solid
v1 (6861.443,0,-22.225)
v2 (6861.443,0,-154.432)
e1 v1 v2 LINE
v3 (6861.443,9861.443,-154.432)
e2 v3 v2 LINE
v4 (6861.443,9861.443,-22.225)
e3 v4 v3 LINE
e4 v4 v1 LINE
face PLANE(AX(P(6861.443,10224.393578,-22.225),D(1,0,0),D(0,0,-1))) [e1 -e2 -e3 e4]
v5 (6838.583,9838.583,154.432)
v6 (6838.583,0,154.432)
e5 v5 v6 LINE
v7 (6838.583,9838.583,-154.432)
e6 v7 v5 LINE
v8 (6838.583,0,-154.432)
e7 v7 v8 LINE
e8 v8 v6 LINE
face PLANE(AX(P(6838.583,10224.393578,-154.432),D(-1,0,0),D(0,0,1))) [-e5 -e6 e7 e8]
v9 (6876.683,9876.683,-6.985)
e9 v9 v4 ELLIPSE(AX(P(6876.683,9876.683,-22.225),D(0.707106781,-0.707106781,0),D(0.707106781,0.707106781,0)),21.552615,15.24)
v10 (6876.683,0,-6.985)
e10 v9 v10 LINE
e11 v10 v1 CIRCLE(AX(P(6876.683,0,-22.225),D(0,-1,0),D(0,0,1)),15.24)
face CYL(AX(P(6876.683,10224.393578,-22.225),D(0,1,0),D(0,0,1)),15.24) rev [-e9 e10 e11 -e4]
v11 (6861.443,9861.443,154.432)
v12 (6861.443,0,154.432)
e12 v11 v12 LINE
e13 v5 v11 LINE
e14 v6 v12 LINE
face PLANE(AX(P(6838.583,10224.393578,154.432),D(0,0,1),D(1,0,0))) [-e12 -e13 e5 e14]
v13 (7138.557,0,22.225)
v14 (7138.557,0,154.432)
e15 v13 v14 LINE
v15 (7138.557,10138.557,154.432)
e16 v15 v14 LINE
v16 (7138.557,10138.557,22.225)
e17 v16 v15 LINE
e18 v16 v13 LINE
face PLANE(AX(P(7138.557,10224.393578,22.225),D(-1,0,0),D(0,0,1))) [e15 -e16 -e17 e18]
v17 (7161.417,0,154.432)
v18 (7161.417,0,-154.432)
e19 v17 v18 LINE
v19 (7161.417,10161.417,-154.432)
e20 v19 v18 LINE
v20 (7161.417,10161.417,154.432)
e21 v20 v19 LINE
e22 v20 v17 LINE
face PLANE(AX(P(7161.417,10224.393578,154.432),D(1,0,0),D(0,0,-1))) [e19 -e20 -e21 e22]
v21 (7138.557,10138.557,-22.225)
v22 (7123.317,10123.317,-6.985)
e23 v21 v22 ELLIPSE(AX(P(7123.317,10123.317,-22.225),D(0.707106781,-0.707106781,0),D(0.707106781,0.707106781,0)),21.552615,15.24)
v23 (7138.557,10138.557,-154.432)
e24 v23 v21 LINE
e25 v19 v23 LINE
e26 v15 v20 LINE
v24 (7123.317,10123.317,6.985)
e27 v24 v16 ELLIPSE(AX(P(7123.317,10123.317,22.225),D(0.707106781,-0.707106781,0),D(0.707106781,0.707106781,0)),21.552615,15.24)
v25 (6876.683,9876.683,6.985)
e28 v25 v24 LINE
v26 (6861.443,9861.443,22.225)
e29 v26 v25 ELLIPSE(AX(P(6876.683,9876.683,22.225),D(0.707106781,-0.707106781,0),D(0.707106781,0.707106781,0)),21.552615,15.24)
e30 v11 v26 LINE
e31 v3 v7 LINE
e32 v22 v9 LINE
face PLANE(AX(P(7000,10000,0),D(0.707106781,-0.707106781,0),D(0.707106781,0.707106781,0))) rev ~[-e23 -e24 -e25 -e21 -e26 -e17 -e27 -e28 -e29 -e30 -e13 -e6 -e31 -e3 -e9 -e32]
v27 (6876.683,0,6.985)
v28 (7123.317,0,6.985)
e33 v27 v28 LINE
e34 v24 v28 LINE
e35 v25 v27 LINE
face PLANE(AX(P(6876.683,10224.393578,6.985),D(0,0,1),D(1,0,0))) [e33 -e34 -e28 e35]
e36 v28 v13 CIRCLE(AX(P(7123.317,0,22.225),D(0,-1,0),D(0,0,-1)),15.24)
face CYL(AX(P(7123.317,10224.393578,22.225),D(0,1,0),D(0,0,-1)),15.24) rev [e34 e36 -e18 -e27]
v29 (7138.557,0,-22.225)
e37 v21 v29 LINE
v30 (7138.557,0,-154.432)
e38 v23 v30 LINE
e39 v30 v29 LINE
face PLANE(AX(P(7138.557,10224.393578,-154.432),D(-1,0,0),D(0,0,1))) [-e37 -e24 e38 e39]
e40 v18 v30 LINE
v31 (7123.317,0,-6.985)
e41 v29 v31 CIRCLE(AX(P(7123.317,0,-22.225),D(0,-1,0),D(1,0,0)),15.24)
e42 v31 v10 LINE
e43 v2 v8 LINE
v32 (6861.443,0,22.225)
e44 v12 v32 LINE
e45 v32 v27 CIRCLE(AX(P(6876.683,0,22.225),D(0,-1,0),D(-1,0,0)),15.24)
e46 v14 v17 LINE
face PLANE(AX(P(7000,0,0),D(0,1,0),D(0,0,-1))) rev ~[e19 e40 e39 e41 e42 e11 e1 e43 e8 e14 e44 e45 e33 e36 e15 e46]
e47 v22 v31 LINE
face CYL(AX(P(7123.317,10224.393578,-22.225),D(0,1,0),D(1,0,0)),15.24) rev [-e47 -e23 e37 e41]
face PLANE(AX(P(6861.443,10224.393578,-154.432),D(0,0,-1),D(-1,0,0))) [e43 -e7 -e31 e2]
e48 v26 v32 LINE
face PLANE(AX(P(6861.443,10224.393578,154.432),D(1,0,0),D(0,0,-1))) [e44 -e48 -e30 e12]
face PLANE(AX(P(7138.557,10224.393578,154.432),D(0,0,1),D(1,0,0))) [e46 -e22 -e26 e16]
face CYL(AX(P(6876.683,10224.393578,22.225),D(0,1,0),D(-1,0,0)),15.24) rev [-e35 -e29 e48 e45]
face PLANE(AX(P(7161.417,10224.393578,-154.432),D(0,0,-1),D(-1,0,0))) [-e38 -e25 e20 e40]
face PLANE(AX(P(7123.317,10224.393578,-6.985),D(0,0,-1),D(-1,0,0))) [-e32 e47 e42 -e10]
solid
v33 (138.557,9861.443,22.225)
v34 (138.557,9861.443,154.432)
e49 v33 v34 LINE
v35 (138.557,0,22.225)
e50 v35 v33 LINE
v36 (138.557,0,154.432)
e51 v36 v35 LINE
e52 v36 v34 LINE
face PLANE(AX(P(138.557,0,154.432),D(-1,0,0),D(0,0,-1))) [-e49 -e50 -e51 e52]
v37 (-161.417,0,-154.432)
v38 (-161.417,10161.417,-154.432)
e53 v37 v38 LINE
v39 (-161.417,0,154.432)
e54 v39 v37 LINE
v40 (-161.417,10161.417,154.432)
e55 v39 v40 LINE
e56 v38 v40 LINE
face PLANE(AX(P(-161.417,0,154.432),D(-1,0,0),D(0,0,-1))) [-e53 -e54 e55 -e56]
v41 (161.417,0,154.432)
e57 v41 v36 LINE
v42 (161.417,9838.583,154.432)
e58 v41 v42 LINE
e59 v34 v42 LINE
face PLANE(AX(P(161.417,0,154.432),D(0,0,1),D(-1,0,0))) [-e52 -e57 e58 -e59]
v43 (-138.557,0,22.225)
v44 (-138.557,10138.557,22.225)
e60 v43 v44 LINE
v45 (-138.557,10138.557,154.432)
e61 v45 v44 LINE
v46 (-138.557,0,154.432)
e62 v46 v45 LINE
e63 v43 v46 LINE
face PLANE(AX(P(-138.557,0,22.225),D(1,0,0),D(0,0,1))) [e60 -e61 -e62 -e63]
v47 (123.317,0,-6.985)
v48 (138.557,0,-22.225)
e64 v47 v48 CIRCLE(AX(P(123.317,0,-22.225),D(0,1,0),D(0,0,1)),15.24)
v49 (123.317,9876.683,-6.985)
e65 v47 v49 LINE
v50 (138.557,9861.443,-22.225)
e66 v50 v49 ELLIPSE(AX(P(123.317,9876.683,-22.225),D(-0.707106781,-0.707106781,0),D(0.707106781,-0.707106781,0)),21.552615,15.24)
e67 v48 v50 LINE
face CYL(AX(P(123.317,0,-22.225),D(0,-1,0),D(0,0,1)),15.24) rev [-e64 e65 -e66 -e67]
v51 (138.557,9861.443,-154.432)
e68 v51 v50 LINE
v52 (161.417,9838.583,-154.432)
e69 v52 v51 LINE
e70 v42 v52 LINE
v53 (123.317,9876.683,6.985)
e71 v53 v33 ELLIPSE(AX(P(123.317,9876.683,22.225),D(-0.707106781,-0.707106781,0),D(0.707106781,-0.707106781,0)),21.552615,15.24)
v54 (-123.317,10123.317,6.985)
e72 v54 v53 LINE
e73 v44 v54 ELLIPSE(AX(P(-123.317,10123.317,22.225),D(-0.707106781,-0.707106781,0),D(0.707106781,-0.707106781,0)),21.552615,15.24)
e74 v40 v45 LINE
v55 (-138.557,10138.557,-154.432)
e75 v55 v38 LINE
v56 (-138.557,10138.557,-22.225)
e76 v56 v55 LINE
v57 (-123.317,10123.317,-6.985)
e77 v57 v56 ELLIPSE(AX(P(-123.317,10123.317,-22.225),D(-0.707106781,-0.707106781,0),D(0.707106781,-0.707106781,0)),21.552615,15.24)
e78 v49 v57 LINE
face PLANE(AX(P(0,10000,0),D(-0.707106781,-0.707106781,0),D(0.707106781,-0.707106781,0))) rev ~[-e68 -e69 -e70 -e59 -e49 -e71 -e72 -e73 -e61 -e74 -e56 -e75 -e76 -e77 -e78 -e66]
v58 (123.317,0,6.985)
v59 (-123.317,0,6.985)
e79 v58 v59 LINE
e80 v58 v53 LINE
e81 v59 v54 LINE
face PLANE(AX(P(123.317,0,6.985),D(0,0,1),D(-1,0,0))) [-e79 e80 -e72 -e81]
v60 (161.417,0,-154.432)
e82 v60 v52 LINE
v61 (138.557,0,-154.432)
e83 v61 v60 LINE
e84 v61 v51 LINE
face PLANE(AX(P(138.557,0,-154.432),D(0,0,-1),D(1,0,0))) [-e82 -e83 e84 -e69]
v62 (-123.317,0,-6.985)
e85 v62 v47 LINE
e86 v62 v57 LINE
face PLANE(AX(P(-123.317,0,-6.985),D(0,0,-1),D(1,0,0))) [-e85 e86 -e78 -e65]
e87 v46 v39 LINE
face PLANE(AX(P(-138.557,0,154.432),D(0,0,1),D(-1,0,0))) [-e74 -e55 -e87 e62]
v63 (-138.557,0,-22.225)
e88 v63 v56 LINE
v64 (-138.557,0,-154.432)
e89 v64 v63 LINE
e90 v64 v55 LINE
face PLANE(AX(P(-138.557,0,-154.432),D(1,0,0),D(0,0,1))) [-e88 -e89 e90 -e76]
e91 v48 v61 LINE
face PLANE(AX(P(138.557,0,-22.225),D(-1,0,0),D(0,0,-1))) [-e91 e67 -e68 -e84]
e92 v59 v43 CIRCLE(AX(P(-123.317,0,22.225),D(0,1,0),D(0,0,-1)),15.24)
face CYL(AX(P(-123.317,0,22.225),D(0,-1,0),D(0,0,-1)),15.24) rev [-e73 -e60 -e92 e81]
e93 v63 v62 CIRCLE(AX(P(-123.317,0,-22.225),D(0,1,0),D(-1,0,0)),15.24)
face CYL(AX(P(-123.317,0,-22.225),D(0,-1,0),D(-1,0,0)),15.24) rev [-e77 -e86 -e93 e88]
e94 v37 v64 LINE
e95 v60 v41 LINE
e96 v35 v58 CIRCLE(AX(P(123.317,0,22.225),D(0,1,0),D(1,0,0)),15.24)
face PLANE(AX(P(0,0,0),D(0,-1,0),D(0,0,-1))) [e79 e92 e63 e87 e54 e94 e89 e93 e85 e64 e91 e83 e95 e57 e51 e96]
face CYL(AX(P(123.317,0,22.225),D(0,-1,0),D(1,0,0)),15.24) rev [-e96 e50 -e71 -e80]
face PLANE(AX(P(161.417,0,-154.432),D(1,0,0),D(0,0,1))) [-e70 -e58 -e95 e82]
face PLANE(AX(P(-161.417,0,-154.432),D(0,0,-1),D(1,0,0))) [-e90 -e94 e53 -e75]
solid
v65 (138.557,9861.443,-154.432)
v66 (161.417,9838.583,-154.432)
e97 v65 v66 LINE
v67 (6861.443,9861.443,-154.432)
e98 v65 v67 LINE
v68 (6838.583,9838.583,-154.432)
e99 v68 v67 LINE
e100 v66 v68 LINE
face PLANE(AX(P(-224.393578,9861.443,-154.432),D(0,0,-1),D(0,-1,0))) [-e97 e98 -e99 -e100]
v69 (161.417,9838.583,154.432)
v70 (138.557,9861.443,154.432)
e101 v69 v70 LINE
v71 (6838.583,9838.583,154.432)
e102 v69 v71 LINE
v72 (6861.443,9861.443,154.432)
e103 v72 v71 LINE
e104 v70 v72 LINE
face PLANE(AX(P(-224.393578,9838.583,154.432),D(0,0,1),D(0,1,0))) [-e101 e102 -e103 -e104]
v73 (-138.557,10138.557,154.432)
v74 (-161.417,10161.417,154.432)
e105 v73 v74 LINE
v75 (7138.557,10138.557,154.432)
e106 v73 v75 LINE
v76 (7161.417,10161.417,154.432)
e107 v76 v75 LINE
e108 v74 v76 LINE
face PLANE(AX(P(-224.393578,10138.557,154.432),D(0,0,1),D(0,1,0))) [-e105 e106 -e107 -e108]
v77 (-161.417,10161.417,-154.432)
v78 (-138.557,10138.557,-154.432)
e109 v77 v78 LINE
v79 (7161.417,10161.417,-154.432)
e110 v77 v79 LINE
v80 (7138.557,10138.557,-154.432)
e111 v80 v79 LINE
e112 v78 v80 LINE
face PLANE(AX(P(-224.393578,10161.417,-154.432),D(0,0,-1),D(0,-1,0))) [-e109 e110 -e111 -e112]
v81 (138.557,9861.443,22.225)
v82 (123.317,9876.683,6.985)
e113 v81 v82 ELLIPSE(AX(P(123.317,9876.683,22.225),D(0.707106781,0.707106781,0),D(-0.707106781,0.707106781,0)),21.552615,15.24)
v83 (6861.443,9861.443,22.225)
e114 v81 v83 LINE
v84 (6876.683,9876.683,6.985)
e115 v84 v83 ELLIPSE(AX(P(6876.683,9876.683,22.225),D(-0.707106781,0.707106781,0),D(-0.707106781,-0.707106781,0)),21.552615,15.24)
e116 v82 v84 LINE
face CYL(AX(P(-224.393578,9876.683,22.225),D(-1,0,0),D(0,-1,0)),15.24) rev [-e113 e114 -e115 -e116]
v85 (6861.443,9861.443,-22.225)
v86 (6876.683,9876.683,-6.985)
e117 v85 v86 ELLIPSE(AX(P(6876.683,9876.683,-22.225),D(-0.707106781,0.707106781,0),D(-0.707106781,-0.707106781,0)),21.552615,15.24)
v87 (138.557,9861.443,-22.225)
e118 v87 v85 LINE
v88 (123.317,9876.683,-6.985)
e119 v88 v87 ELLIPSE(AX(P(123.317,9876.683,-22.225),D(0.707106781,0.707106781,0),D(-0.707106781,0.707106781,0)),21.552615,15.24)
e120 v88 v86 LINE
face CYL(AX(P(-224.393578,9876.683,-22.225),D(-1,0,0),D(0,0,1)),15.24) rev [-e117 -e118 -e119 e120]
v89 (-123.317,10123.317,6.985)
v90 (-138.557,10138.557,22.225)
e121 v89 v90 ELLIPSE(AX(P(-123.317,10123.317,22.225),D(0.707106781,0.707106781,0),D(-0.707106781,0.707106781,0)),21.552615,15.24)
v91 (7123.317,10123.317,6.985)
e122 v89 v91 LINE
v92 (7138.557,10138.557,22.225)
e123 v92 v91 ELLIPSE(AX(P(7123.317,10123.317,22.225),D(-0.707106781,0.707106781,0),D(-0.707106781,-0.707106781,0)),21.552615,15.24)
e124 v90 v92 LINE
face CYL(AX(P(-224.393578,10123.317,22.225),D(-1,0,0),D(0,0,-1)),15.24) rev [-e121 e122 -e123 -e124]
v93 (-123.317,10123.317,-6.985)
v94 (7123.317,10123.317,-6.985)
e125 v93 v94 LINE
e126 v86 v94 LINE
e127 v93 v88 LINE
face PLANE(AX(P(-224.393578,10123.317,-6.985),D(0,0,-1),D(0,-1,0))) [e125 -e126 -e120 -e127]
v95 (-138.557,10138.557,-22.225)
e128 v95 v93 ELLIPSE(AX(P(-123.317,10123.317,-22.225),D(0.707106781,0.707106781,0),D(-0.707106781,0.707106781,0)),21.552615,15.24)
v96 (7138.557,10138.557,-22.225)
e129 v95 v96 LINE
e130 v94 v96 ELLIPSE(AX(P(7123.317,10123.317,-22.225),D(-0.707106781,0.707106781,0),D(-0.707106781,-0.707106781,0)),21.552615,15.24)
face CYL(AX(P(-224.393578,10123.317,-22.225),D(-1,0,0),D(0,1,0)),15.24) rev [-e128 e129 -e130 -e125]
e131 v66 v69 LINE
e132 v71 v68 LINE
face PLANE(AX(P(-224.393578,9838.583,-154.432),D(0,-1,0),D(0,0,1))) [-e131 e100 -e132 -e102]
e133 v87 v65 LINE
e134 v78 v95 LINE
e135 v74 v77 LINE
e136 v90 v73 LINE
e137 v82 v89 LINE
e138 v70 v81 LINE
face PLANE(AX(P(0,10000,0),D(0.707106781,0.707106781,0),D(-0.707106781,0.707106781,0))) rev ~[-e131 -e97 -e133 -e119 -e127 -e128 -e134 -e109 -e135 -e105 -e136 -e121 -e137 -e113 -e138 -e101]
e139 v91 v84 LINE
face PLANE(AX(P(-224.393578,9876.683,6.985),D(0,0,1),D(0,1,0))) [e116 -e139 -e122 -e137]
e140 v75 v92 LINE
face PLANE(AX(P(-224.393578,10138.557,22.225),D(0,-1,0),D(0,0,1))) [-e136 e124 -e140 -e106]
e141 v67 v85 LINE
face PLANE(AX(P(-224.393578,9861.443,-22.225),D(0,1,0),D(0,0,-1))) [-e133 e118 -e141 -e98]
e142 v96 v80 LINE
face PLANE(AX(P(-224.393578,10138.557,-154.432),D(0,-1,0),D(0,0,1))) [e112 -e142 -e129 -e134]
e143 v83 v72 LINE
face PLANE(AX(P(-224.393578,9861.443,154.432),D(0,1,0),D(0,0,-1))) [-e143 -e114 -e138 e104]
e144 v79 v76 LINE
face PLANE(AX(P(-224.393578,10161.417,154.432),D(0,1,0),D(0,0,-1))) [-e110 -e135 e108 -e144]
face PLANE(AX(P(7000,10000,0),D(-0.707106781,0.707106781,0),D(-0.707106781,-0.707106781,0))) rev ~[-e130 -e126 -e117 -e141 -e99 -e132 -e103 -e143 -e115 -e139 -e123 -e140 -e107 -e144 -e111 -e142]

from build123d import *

# Parameters (mm, degrees)
W_SECTION_W12X96_1_DEPTH   = 10224.3935776
W_SECTION_W12X96_1_2_DEPTH = 7448.7871552
W_SECTION_W12X96_1_3_DEPTH = 10224.393577601


with BuildPart() as part:
    # Sketch13 → W section W12X96(1) (new body)
    with BuildSketch(Plane.ZX):
        with BuildLine():
            Line((-154.432, -161.417), (-154.432, -138.557))
            Line((-154.432, -138.557), (-22.225, -138.557))
            ThreePointArc((-22.225, -138.557), (-11.448692655, -134.093307345), (-6.985, -123.317))
            Line((-6.985, -123.317), (-6.985, 123.317))
            ThreePointArc((-6.985, 123.317), (-11.448692655, 134.093307345), (-22.225, 138.557))
            Line((-22.225, 138.557), (-154.432, 138.557))
            Line((-154.432, 138.557), (-154.432, 161.417))
            Line((-154.432, 161.417), (154.432, 161.417))
            Line((154.432, 161.417), (154.432, 138.557))
            Line((154.432, 138.557), (22.225, 138.557))
            ThreePointArc((22.225, 138.557), (11.448692655, 134.093307345), (6.985, 123.317))
            Line((6.985, 123.317), (6.985, -123.317))
            ThreePointArc((6.985, -123.317), (11.448692655, -134.093307345), (22.225, -138.557))
            Line((22.225, -138.557), (154.432, -138.557))
            Line((154.432, -138.557), (154.432, -161.417))
            Line((154.432, -161.417), (-154.432, -161.417))
        make_face()
    extrude(amount=W_SECTION_W12X96_1_DEPTH)

    # W section W12X96(1) mitre 1
    split(bisect_by=Plane(origin=(0, 10000, 0), x_dir=(0.707106781, -0.707106781, 0), z_dir=(-0.707106781, -0.707106781, 0)), keep=Keep.TOP)


with BuildPart() as body_2:
    # Sketch13 on segment 2 (carried to segment 2) → W section W12X96_1 2 (new body)
    with BuildSketch(Plane(origin=(-224.3935776, 10000, 0), x_dir=(0, 0, 1), z_dir=(1, 0, 0))):
        with BuildLine():
            Line((-154.432, -161.417), (-154.432, -138.557))
            Line((-154.432, -138.557), (-22.225, -138.557))
            ThreePointArc((-22.225, -138.557), (-11.448692655, -134.093307345), (-6.985, -123.317))
            Line((-6.985, -123.317), (-6.985, 123.317))
            ThreePointArc((-6.985, 123.317), (-11.448692655, 134.093307345), (-22.225, 138.557))
            Line((-22.225, 138.557), (-154.432, 138.557))
            Line((-154.432, 138.557), (-154.432, 161.417))
            Line((-154.432, 161.417), (154.432, 161.417))
            Line((154.432, 161.417), (154.432, 138.557))
            Line((154.432, 138.557), (22.225, 138.557))
            ThreePointArc((22.225, 138.557), (11.448692655, 134.093307345), (6.985, 123.317))
            Line((6.985, 123.317), (6.985, -123.317))
            ThreePointArc((6.985, -123.317), (11.448692655, -134.093307345), (22.225, -138.557))
            Line((22.225, -138.557), (154.432, -138.557))
            Line((154.432, -138.557), (154.432, -161.417))
            Line((154.432, -161.417), (-154.432, -161.417))
        make_face()
    extrude(amount=W_SECTION_W12X96_1_2_DEPTH)

    # W section W12X96_1 2 mitre 1
    split(bisect_by=Plane(origin=(0, 10000, 0), x_dir=(-0.707106781, 0.707106781, 0), z_dir=(0.707106781, 0.707106781, 0)), keep=Keep.TOP)

    # W section W12X96_1 2 mitre 2
    split(bisect_by=Plane(origin=(7000, 10000, 0), x_dir=(-0.707106781, -0.707106781, 0), z_dir=(-0.707106781, 0.707106781, 0)), keep=Keep.TOP)


with BuildPart() as body_3:
    # Sketch13 on segment 3 (carried to segment 3) → W section W12X96_1 3 (new body)
    with BuildSketch(Plane(origin=(7000, 10224.3935776, 0), x_dir=(0, 0, 1), z_dir=(0, -1, 0))):
        with BuildLine():
            Line((-154.432, -161.417), (-154.432, -138.557))
            Line((-154.432, -138.557), (-22.225, -138.557))
            ThreePointArc((-22.225, -138.557), (-11.448692655, -134.093307345), (-6.985, -123.317))
            Line((-6.985, -123.317), (-6.985, 123.317))
            ThreePointArc((-6.985, 123.317), (-11.448692655, 134.093307345), (-22.225, 138.557))
            Line((-22.225, 138.557), (-154.432, 138.557))
            Line((-154.432, 138.557), (-154.432, 161.417))
            Line((-154.432, 161.417), (154.432, 161.417))
            Line((154.432, 161.417), (154.432, 138.557))
            Line((154.432, 138.557), (22.225, 138.557))
            ThreePointArc((22.225, 138.557), (11.448692655, 134.093307345), (6.985, 123.317))
            Line((6.985, 123.317), (6.985, -123.317))
            ThreePointArc((6.985, -123.317), (11.448692655, -134.093307345), (22.225, -138.557))
            Line((22.225, -138.557), (154.432, -138.557))
            Line((154.432, -138.557), (154.432, -161.417))
            Line((154.432, -161.417), (-154.432, -161.417))
        make_face()
    extrude(amount=W_SECTION_W12X96_1_3_DEPTH)

    # W section W12X96_1 3 mitre 1
    split(bisect_by=Plane(origin=(7000, 10000, 0), x_dir=(0.707106781, 0.707106781, 0), z_dir=(0.707106781, -0.707106781, 0)), keep=Keep.TOP)


solid = Compound([part.part, body_2.part, body_3.part])
